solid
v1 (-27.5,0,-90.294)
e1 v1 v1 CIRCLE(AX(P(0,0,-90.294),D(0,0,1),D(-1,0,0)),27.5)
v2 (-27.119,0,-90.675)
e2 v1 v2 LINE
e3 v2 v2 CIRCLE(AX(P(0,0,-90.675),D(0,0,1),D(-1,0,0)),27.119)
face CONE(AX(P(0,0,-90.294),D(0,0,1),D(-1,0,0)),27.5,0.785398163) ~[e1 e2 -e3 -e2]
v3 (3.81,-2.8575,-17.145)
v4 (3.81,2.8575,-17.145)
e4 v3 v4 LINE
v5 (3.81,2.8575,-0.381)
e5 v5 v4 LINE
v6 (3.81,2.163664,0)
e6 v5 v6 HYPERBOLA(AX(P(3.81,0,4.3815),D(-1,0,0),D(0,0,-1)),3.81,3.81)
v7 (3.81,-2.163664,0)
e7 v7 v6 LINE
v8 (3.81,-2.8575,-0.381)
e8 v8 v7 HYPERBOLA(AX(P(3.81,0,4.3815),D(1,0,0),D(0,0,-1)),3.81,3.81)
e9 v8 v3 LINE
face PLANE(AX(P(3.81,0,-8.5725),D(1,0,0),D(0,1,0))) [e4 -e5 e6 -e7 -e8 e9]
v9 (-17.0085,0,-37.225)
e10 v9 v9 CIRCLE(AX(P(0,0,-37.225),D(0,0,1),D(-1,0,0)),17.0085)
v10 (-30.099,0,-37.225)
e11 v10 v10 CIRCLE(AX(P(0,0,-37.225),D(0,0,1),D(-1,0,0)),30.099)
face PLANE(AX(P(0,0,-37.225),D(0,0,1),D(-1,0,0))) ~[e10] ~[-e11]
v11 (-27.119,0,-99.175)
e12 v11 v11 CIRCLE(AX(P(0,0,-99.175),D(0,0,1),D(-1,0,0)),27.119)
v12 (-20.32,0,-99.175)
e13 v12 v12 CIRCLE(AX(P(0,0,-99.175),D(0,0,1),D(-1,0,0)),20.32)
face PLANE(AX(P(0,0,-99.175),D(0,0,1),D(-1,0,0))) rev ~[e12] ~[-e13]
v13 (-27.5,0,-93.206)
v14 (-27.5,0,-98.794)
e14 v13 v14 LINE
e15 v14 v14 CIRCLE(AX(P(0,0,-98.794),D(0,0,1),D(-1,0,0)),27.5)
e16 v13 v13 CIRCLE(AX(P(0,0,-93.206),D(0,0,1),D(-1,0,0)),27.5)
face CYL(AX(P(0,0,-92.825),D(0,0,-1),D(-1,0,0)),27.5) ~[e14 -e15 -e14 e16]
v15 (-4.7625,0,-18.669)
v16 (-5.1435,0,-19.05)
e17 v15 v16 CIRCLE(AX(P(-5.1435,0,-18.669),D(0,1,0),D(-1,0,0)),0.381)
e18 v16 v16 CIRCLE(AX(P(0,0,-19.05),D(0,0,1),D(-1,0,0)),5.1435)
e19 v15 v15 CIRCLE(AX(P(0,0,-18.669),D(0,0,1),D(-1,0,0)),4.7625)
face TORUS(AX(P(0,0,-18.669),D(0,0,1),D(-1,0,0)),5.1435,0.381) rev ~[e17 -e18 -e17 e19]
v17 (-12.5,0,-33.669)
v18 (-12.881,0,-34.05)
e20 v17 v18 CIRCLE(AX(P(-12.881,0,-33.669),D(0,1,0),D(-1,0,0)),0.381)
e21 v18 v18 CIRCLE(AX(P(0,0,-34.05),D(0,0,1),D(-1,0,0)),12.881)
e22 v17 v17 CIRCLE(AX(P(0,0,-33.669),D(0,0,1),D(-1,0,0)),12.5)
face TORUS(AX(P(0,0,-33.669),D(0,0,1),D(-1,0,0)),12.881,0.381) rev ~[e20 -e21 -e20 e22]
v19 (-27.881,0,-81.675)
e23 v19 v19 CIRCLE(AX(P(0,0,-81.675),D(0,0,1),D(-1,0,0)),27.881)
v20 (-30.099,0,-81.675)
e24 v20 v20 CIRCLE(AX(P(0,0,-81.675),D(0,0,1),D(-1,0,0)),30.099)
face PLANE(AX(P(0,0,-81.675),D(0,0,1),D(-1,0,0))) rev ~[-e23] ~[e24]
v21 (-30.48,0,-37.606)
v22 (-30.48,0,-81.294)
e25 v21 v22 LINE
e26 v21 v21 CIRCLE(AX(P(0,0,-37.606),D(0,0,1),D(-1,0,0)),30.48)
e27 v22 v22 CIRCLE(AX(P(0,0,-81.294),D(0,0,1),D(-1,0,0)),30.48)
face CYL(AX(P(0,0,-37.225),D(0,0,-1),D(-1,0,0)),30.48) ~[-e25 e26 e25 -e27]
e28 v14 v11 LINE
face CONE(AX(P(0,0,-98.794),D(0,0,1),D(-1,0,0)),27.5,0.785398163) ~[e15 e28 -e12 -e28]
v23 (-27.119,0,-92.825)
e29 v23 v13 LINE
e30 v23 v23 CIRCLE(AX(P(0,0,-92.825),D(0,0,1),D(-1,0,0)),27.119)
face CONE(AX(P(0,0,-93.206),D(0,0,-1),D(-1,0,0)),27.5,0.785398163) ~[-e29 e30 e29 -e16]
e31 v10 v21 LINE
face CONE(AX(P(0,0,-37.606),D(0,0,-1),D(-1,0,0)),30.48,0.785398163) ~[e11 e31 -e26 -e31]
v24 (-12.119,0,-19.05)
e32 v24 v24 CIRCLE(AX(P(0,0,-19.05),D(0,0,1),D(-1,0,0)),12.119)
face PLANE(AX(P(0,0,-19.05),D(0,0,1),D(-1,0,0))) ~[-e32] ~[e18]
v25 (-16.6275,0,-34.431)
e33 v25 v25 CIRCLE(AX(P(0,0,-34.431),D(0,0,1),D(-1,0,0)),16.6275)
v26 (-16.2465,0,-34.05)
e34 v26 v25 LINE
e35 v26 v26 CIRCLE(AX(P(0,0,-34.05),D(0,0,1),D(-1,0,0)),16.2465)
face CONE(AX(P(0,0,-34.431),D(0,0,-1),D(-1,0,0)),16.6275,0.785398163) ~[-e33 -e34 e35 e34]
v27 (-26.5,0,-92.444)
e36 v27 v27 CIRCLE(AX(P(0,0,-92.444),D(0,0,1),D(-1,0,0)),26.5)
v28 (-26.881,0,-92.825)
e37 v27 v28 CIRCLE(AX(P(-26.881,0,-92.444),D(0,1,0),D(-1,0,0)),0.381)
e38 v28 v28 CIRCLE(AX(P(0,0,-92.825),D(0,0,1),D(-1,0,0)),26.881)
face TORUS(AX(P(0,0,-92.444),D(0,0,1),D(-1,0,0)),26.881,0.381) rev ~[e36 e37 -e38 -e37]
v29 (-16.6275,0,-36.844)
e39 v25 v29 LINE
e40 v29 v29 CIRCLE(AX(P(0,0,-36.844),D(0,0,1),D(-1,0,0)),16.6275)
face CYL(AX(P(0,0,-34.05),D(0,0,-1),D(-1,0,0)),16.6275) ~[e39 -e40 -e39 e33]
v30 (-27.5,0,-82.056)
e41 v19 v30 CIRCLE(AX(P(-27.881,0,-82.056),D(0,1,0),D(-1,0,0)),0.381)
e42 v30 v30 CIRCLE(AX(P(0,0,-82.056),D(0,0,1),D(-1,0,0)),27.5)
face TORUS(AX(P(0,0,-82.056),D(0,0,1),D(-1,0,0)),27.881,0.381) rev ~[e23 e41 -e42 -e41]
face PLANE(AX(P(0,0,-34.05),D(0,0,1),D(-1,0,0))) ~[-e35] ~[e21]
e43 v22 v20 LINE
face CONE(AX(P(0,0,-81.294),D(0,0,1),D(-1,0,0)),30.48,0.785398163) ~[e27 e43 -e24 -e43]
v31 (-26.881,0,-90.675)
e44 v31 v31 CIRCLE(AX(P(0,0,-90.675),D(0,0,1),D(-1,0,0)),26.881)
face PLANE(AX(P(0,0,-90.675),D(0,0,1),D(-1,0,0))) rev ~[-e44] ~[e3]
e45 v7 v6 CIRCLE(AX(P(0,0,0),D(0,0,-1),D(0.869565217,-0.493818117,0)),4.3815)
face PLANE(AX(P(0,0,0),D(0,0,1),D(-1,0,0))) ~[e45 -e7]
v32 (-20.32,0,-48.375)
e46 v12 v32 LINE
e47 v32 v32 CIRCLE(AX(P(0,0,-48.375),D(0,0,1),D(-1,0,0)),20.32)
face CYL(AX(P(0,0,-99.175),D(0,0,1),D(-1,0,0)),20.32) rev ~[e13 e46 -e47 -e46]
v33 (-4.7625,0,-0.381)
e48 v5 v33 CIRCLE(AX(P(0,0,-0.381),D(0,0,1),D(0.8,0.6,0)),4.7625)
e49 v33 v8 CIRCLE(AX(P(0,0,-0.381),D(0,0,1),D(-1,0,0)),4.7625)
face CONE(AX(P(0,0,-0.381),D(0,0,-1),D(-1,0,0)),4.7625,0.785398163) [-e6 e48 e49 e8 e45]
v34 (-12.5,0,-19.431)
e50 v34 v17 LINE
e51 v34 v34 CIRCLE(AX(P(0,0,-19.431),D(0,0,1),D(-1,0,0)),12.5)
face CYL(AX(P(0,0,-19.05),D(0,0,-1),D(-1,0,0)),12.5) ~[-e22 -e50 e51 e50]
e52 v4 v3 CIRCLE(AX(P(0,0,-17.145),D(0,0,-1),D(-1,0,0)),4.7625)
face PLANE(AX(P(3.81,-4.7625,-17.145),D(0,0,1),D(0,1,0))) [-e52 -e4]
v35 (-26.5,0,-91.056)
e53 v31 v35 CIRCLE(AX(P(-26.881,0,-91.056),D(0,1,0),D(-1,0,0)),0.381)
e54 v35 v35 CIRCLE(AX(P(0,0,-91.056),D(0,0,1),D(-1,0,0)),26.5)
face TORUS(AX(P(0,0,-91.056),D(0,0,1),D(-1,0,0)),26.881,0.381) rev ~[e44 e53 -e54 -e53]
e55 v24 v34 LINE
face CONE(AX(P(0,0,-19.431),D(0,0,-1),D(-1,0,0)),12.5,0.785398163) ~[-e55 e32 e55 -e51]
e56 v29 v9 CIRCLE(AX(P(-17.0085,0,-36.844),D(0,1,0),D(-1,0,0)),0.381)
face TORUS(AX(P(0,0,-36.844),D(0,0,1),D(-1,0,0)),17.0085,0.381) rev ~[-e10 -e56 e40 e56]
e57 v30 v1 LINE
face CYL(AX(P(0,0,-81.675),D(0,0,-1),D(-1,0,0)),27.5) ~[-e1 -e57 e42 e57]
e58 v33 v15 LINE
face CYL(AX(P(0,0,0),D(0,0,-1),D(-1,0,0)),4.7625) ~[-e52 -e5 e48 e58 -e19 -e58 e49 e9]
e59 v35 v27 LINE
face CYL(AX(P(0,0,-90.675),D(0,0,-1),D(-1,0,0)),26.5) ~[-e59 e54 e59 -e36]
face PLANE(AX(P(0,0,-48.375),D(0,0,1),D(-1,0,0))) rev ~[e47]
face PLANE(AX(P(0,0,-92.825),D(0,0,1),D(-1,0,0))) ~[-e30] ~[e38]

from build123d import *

# Parameters (mm, degrees)
F3_W     = 9.525
F3_H     = 17.145
F4_DEPTH = 26.671
F5_R     = 0.381
F6_SIZE  = 0.381


with BuildPart() as f1:
    # F0 (on Front) → F1 (revolve)
    with BuildSketch(Plane.XZ):
        Polygon((0, -48.375), (0, 0), (-4.7625, 0), (-4.7625, -19.05), (-12.5, -19.05), (-12.5, -34.05), (-16.6275, -34.05), (-16.6275, -37.225), (-30.48, -37.225), (-30.48, -81.675), (-27.5, -81.675), (-27.5, -90.675), (-26.5, -90.675), (-26.5, -92.825), (-27.5, -92.825), (-27.5, -99.175), (-20.32, -99.175), (-20.32, -48.375), align=None)
    revolve(axis=Axis((0, 0, -24.1875), (0, 0, 1)))

    # F3 (on offset) → F4 (cut, through all)
    with BuildSketch(Plane.YZ.offset(3.81)):
        with Locations((0, -8.5725)):
            Rectangle(F3_W, F3_H)
    extrude(amount=F4_DEPTH, mode=Mode.SUBTRACT)

    # F5
    f5_edges = [f1.edges().sort_by_distance(p)[0] for p in [
        (12.5, 0, -34.05),
        (16.6275, 0, -37.225),
        (27.5, 0, -81.675),
        (26.5, 0, -90.675),
        (26.5, 0, -92.825),
        (4.7625, 0, -19.05),
    ]]
    fillet(f5_edges, radius=F5_R)

    # F6
    f6_edges = [f1.edges().sort_by_distance(p)[0] for p in [
        (12.5, 0, -19.05),
        (-1.506035, -4.518104, 0),
        (30.48, 0, -37.225),
        (30.48, 0, -81.675),
        (27.5, 0, -99.175),
        (27.5, 0, -90.675),
        (27.5, 0, -92.825),
        (16.6275, 0, -34.05),
    ]]
    chamfer(f6_edges, length=F6_SIZE)


solid = f1.part
